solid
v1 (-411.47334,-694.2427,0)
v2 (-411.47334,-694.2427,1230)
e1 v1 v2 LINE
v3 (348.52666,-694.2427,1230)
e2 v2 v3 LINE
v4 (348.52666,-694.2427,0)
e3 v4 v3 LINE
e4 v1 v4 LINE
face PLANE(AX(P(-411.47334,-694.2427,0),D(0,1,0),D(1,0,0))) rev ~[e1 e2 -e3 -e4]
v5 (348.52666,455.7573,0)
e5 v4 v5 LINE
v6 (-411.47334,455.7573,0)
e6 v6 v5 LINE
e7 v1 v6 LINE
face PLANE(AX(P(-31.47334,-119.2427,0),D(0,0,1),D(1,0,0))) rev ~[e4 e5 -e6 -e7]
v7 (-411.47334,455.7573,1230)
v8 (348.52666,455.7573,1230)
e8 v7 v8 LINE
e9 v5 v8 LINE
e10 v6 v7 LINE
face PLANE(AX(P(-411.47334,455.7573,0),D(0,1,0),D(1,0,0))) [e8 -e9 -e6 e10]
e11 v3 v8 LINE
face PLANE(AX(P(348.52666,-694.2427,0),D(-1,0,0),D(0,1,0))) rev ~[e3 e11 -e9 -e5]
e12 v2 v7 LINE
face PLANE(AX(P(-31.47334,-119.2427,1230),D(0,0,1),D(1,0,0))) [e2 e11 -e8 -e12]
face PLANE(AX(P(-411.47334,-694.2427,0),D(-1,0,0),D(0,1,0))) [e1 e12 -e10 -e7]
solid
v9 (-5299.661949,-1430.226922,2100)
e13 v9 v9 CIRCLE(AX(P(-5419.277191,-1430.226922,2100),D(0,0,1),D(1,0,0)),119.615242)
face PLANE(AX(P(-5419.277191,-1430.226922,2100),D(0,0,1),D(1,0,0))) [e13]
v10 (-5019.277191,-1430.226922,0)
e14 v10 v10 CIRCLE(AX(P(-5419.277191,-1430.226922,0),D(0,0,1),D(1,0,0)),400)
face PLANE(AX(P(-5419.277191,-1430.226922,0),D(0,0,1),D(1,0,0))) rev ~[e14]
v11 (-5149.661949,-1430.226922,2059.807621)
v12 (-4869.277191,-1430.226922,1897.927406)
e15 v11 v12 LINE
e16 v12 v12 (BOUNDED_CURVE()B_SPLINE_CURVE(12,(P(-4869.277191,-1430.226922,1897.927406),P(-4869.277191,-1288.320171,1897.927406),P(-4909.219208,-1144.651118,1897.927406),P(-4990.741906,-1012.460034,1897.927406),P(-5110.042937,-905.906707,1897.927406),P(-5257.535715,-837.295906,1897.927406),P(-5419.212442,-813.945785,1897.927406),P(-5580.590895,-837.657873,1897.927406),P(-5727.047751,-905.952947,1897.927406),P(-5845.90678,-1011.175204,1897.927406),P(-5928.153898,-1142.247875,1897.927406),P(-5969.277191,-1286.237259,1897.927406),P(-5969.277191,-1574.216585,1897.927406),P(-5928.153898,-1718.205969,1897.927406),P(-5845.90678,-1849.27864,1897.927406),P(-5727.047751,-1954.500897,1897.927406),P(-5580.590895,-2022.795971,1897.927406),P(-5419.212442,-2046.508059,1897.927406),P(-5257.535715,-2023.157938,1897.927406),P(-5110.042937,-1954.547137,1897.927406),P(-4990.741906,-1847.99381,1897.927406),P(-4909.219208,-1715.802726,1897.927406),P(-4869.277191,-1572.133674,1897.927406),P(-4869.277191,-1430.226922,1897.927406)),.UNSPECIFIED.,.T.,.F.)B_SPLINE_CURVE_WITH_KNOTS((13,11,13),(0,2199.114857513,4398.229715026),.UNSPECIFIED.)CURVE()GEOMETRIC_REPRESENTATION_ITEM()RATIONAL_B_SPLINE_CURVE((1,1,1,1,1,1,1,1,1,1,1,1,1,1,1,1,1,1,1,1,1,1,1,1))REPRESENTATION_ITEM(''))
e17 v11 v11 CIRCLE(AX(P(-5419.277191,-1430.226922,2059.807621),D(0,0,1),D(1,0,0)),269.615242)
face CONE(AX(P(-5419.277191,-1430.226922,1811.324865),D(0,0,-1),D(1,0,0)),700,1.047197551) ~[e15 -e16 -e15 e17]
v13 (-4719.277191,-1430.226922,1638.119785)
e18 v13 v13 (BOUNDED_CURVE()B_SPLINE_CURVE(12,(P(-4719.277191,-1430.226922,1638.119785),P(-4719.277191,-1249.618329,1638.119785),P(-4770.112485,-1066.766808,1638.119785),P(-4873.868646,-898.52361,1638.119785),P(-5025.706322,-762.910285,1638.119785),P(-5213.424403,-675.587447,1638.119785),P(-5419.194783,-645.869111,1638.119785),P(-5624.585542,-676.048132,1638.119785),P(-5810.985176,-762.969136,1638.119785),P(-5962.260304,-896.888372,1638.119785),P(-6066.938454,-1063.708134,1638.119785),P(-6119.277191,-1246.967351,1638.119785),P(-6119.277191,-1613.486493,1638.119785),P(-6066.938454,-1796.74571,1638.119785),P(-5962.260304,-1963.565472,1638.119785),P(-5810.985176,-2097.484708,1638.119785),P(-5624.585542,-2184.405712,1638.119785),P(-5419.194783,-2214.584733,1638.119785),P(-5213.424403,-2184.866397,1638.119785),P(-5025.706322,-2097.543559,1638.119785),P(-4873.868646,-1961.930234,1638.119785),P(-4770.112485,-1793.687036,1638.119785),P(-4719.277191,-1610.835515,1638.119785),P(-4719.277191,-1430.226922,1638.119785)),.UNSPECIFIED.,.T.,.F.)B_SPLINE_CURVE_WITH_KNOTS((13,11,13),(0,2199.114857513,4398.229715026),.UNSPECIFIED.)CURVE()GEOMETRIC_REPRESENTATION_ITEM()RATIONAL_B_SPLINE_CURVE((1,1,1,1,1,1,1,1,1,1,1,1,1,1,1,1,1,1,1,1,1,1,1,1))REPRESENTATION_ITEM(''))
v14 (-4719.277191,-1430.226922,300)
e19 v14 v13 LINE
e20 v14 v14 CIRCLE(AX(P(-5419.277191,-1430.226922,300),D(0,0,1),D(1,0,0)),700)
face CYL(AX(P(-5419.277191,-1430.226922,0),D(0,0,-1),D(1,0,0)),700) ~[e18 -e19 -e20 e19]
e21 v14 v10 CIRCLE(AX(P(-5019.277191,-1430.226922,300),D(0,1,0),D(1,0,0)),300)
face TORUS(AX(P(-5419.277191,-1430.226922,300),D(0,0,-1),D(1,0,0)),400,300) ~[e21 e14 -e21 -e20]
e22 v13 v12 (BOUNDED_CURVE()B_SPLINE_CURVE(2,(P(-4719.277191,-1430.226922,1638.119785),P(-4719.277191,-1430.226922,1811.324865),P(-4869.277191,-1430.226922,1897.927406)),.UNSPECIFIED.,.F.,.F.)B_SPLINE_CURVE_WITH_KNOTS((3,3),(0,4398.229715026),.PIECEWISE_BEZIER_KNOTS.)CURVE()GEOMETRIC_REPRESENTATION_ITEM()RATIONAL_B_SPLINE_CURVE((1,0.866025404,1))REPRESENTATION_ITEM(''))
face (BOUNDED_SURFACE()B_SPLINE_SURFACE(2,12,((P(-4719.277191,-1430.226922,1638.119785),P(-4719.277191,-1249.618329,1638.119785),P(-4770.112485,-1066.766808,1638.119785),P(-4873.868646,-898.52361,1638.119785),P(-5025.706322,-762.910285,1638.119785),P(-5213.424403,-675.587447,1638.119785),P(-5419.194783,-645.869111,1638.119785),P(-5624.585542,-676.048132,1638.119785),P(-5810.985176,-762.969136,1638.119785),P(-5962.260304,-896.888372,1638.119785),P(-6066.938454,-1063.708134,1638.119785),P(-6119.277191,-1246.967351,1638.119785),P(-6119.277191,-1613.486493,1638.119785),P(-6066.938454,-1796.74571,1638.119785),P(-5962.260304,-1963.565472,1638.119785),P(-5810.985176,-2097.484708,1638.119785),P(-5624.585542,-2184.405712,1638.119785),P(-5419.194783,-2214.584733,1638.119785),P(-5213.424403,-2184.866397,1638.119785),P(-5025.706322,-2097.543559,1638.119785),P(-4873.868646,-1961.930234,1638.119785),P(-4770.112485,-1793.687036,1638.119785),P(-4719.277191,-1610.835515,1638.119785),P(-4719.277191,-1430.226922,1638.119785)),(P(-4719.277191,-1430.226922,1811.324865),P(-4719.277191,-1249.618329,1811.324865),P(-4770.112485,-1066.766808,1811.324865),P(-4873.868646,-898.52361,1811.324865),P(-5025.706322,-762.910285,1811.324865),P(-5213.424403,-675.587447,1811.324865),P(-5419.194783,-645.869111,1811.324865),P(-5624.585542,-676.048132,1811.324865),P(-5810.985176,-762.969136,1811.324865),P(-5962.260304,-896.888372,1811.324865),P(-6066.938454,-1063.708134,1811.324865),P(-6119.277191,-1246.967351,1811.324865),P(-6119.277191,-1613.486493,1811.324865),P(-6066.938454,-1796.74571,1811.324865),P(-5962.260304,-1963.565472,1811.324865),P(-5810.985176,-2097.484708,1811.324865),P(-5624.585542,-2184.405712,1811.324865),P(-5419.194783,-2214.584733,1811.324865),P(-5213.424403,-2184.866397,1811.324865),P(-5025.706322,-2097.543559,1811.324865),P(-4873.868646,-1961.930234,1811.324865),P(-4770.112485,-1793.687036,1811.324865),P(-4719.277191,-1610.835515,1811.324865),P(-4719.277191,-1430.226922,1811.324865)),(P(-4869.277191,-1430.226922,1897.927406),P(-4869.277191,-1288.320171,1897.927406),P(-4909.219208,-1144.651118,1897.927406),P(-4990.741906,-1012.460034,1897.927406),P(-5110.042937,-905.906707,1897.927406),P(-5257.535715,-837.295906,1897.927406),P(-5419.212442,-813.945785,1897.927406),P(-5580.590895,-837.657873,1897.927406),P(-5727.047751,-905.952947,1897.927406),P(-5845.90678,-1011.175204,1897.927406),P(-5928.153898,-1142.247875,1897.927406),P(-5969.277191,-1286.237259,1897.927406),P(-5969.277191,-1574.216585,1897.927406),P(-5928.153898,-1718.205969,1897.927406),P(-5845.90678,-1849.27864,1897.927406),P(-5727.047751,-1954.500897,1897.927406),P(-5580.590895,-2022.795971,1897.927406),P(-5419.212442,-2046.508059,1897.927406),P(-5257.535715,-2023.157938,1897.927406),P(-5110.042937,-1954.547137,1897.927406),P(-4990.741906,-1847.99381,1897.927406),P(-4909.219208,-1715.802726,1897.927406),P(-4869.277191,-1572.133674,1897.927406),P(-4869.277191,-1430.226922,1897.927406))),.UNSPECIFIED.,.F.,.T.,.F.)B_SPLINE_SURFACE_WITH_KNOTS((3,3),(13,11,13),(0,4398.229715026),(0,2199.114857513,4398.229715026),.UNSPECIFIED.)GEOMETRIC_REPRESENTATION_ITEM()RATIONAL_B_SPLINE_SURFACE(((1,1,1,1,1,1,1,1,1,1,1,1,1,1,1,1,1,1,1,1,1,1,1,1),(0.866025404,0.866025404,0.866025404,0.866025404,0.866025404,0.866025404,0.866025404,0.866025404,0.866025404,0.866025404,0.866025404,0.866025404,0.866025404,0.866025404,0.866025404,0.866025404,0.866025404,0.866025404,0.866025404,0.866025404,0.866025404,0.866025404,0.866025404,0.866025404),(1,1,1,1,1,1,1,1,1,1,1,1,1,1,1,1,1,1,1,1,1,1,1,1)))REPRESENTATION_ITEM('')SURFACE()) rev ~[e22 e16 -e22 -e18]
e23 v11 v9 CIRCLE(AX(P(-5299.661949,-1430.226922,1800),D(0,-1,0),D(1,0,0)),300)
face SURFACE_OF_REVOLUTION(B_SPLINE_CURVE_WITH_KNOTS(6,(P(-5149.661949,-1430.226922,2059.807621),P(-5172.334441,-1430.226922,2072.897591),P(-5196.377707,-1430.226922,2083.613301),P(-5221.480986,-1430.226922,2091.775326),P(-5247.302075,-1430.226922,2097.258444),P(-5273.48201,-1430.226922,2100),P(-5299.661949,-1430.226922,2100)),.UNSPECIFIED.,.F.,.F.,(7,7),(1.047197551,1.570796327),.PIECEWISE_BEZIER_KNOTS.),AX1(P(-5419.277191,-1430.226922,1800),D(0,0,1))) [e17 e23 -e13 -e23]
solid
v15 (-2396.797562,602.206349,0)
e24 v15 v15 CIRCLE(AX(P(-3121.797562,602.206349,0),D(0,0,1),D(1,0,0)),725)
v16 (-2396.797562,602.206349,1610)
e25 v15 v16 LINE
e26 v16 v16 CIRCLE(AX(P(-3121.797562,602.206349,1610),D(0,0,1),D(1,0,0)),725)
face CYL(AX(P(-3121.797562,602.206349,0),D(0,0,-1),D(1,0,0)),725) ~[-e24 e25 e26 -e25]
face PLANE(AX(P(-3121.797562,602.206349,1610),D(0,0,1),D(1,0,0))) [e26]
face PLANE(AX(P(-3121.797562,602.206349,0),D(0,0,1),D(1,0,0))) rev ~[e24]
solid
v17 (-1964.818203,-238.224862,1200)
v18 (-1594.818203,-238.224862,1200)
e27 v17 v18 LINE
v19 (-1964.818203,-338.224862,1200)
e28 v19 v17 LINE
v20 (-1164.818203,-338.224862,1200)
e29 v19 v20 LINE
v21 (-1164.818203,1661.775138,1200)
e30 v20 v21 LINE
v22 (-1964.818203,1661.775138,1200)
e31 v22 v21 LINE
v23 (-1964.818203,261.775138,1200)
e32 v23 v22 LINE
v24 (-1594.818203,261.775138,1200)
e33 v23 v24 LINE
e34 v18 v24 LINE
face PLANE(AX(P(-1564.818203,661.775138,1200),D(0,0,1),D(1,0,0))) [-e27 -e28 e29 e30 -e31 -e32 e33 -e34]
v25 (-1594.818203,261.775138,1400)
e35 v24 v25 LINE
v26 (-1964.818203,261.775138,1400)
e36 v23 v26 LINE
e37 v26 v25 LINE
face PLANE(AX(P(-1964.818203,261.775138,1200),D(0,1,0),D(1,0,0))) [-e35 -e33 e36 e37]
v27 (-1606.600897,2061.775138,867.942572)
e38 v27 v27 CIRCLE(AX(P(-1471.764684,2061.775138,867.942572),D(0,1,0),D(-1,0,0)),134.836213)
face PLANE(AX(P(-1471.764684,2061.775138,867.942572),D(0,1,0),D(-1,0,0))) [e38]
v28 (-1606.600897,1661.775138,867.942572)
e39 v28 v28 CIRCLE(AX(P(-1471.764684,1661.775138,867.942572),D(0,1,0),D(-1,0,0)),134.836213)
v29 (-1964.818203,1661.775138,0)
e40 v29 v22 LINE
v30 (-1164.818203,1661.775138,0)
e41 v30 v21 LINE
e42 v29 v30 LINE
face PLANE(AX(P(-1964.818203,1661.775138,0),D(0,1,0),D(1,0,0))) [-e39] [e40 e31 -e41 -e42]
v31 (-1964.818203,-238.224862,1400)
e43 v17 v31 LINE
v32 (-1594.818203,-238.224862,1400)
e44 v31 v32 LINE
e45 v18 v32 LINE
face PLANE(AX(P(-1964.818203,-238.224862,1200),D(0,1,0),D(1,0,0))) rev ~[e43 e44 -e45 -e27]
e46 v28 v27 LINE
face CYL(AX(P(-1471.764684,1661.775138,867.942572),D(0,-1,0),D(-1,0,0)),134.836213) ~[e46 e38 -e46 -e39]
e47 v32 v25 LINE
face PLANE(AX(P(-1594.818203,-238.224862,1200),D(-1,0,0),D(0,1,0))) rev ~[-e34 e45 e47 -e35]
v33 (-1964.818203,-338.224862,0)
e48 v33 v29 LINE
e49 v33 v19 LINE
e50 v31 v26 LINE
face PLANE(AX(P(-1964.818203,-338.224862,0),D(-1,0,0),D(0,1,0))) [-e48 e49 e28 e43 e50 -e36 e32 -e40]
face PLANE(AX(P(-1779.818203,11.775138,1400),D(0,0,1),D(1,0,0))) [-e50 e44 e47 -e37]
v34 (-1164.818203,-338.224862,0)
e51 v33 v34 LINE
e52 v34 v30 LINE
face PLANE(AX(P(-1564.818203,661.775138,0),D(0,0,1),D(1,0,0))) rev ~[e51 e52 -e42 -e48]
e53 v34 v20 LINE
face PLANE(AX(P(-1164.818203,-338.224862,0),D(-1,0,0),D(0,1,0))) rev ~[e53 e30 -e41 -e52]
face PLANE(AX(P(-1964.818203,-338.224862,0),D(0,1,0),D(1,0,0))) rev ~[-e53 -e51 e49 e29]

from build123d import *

# Parameters (mm, degrees)
F0_W      = 760
F0_H      = 1150
F1_DEPTH  = 1230
F2_R      = 725
F3_DEPTH  = 1610
F4_W      = 800
F4_H      = 2000
F5_DEPTH  = 1200
F6_W      = 370
F6_H      = 500
F7_DEPTH  = 200
F8_R      = 700
F9_DEPTH  = 2100
F10_R     = 300
F11_SIZE2 = 288.6751345948
F11_SIZE  = 500
F12_R     = 300
F13_R     = 134.8362131301
F14_DEPTH = 400


with BuildPart() as f1:
    # F0 (on Top) → F1 (new body)
    with BuildSketch(Plane.XY):
        with Locations((-31.4733404666, -119.2426998605)):
            Rectangle(F0_W, F0_H)
    extrude(amount=F1_DEPTH)


with BuildPart() as f3:
    # F2 (on Top) → F3 (new body)
    with BuildSketch(Plane.XY):
        with Locations((-3121.7975616455, 602.2063493729)):
            Circle(F2_R)
    extrude(amount=F3_DEPTH)


with BuildPart() as f5:
    # F4 (on Top) → F5 (new body)
    with BuildSketch(Plane.XY):
        with Locations((-1564.8182034492, 661.7751377383)):
            Rectangle(F4_W, F4_H)
    extrude(amount=F5_DEPTH)

    # F6 (on face) → F7 (join)
    with BuildSketch(Plane.XY.offset(1200)):
        with Locations((-1779.8182034492, 11.7751377383)):
            Rectangle(F6_W, F6_H)
    extrude(amount=F7_DEPTH)

    # F13 (on face) → F14 (join)
    with BuildSketch(Plane(origin=(0, 1661.7751377383, 0), x_dir=(-1, 0, 0), z_dir=(0, 1, 0))):
        with Locations((1471.7646837234, 867.94257164)):
            Circle(F13_R)
    extrude(amount=F14_DEPTH)


with BuildPart() as f9:
    # F8 (on Top) → F9 (new body)
    with BuildSketch(Plane.XY):
        with Locations((-5419.2771911621, -1430.2269220352)):
            Circle(F8_R)
    extrude(amount=F9_DEPTH)

    # F10
    f10_edges = [f9.edges().sort_by_distance(p)[0] for p in [
        (-6119.277191, -1430.226922, 0),
    ]]
    fillet(f10_edges, radius=F10_R)

    # F11
    f11_edges = [f9.edges().sort_by_distance(p)[0] for p in [
        (-6119.277191, -1430.226922, 2100),
    ]]
    f11_side = f9.faces().sort_by_distance((-5419.277191, -1430.226922, 2100))[0]
    chamfer(f11_edges, length=F11_SIZE, length2=F11_SIZE2, reference=f11_side)

    # F12
    f12_edges = [f9.edges().sort_by_distance(p)[0] for p in [
        (-6119.277191, -1430.226922, 1811.324865),
        (-5619.277191, -1430.226922, 2100),
    ]]
    fillet(f12_edges, radius=F12_R)


solid = Compound([f1.part, f3.part, f5.part, f9.part])
